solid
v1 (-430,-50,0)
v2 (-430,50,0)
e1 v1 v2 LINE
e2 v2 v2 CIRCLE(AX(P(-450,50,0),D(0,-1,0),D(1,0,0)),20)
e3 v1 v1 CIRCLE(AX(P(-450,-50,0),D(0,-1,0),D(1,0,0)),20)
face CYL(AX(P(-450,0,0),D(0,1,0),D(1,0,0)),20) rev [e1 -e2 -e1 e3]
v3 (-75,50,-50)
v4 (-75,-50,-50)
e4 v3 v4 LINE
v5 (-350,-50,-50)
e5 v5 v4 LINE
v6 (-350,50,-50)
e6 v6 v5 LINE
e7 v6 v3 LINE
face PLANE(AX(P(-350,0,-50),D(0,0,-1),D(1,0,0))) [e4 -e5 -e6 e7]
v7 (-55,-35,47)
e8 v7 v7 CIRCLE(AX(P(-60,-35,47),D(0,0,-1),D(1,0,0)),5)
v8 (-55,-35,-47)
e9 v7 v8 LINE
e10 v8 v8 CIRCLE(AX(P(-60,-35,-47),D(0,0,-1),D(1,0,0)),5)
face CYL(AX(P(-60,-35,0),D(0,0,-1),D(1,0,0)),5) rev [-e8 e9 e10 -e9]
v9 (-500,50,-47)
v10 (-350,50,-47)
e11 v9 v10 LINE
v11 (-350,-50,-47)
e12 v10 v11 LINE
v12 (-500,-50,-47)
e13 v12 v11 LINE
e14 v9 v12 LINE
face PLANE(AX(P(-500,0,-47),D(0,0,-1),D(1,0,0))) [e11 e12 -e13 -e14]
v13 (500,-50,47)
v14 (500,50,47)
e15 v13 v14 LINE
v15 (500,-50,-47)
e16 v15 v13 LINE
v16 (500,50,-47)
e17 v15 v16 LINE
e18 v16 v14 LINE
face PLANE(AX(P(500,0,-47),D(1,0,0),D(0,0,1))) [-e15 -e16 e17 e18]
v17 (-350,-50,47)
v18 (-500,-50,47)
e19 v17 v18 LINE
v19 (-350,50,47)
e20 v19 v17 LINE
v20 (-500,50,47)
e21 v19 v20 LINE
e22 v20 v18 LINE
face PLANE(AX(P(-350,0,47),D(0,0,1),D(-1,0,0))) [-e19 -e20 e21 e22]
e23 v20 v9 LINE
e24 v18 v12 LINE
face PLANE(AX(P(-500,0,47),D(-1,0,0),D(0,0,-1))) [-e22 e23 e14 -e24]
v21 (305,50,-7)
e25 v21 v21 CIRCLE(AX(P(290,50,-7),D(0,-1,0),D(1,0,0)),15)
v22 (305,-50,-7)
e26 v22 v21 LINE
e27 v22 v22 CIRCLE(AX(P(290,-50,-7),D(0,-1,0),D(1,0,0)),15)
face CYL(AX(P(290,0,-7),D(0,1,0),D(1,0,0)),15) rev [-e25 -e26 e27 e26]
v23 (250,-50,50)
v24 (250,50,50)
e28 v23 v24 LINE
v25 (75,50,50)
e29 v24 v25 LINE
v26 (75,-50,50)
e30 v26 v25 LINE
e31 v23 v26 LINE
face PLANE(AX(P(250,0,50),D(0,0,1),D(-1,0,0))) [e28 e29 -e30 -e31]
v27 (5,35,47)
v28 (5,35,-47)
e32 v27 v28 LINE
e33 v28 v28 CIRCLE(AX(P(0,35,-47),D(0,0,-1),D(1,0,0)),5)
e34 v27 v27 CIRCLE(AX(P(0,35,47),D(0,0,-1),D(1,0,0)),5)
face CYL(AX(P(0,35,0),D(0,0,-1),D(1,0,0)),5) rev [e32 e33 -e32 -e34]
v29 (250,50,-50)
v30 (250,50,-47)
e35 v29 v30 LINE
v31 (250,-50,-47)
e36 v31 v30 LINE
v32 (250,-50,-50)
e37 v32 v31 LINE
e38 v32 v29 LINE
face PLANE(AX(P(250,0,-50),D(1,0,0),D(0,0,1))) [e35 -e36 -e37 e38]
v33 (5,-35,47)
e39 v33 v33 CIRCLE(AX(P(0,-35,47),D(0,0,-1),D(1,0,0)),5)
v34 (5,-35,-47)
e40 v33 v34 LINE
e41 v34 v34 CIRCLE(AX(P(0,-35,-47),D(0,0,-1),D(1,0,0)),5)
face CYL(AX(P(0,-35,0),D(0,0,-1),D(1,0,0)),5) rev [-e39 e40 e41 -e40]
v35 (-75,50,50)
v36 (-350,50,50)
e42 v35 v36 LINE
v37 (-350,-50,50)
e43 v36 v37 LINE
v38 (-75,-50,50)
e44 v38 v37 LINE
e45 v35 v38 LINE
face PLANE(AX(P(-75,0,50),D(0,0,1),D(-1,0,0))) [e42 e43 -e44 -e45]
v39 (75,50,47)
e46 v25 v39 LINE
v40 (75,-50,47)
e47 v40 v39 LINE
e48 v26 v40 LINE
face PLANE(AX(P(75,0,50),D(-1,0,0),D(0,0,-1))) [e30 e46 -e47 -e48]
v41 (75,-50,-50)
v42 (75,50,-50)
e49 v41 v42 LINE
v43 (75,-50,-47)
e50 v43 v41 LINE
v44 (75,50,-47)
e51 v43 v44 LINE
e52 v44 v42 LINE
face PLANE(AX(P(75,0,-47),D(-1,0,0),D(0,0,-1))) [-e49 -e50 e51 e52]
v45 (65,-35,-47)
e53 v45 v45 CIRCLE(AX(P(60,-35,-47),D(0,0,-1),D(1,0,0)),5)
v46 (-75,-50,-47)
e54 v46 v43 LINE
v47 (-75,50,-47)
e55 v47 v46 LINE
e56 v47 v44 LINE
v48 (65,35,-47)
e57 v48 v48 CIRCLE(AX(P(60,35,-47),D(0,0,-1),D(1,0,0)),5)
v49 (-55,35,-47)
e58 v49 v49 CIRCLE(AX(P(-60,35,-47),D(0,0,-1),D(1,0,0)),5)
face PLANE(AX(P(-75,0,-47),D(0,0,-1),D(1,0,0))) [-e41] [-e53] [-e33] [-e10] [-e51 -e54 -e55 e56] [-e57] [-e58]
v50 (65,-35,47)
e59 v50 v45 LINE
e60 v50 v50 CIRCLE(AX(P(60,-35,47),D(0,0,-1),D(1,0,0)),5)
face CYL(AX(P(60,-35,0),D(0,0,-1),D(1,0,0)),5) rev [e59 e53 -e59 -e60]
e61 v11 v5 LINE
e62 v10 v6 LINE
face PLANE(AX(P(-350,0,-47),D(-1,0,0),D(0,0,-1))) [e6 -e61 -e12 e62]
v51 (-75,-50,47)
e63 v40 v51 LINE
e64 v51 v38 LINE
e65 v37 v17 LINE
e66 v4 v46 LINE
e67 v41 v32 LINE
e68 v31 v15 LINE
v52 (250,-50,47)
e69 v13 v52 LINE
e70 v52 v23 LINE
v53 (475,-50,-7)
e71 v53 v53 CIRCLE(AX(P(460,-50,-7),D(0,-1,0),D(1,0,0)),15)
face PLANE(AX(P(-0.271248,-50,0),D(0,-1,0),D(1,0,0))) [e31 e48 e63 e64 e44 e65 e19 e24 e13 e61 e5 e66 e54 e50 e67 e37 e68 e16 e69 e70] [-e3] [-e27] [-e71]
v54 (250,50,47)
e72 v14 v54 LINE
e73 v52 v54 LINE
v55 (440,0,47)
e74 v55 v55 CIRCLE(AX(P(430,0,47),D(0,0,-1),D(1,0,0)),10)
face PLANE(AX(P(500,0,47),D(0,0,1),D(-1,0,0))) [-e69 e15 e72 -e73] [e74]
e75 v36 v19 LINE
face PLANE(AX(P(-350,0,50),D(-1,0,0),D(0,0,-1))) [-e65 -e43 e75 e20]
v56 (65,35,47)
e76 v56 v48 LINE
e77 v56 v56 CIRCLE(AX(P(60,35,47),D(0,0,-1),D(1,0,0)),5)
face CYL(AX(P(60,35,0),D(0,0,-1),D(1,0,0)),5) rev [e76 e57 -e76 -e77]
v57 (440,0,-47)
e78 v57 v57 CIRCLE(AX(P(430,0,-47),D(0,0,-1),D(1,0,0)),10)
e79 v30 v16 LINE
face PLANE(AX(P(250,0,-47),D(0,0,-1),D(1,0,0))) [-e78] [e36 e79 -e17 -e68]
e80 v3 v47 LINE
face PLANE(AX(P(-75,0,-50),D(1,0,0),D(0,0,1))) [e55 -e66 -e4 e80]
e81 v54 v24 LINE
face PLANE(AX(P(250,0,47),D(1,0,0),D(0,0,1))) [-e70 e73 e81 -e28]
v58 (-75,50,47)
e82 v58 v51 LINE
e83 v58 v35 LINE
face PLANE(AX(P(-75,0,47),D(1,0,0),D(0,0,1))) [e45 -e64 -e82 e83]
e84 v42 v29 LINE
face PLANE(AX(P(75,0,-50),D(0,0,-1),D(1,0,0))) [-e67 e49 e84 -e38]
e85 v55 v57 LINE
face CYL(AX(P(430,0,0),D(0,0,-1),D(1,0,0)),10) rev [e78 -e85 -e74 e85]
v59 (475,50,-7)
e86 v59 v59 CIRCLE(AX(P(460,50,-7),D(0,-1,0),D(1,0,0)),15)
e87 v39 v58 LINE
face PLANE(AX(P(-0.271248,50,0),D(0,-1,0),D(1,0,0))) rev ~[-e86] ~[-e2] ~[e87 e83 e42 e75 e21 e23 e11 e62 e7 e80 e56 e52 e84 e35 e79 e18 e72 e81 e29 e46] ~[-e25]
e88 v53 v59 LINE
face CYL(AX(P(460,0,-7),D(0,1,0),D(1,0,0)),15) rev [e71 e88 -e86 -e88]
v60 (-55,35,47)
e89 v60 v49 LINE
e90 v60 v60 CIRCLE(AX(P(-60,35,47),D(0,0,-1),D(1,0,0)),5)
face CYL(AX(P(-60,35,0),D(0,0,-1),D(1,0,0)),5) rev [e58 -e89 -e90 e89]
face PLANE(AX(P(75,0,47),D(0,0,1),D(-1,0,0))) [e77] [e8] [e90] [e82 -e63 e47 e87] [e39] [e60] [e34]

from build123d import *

# Parameters (mm, degrees)
F0_R     = 5
F0_R_2   = 10
F2_DEPTH = 100
F1_R     = 15
F1_R_2   = 20
F3_DEPTH = 50


with BuildPart() as f2:
    # F0 (on Top) → F2 (new body, symmetric)
    with BuildSketch(Plane.XY):
        Polygon((75, 50), (-75, 50), (-500, 50), (-500, -50), (-75, -50), (75, -50), (500, -50), (500, 50), align=None)
        with Locations((-60, -35)):
            Circle(F0_R, mode=Mode.SUBTRACT)
        with Locations((0, -35)):
            Circle(F0_R, mode=Mode.SUBTRACT)
        with Locations((60, -35)):
            Circle(F0_R, mode=Mode.SUBTRACT)
        with Locations((-60, 35)):
            Circle(F0_R, mode=Mode.SUBTRACT)
        with Locations((430, 0)):
            Circle(F0_R_2, mode=Mode.SUBTRACT)
        with Locations((0, 35)):
            Circle(F0_R, mode=Mode.SUBTRACT)
        with Locations((60, 35)):
            Circle(F0_R, mode=Mode.SUBTRACT)
    extrude(amount=F2_DEPTH, both=True)

    # F1 (on Front) → F3 (intersect, symmetric)
    with BuildSketch(Plane.XZ):
        Polygon((75, 47), (-75, 47), (-75, 50), (-350, 50), (-350, 47), (-500, 47), (-500, -47), (-350, -47), (-350, -50), (-75, -50), (-75, -47), (75, -47), (75, -50), (250, -50), (250, -47), (500, -47), (500, 47), (250, 47), (250, 50), (75, 50), align=None)
        with Locations((290, -7)):
            Circle(F1_R, mode=Mode.SUBTRACT)
        with Locations((460, -7)):
            Circle(F1_R, mode=Mode.SUBTRACT)
        with Locations((-450, 0)):
            Circle(F1_R_2, mode=Mode.SUBTRACT)
    extrude(amount=F3_DEPTH, both=True, mode=Mode.INTERSECT)


solid = f2.part
